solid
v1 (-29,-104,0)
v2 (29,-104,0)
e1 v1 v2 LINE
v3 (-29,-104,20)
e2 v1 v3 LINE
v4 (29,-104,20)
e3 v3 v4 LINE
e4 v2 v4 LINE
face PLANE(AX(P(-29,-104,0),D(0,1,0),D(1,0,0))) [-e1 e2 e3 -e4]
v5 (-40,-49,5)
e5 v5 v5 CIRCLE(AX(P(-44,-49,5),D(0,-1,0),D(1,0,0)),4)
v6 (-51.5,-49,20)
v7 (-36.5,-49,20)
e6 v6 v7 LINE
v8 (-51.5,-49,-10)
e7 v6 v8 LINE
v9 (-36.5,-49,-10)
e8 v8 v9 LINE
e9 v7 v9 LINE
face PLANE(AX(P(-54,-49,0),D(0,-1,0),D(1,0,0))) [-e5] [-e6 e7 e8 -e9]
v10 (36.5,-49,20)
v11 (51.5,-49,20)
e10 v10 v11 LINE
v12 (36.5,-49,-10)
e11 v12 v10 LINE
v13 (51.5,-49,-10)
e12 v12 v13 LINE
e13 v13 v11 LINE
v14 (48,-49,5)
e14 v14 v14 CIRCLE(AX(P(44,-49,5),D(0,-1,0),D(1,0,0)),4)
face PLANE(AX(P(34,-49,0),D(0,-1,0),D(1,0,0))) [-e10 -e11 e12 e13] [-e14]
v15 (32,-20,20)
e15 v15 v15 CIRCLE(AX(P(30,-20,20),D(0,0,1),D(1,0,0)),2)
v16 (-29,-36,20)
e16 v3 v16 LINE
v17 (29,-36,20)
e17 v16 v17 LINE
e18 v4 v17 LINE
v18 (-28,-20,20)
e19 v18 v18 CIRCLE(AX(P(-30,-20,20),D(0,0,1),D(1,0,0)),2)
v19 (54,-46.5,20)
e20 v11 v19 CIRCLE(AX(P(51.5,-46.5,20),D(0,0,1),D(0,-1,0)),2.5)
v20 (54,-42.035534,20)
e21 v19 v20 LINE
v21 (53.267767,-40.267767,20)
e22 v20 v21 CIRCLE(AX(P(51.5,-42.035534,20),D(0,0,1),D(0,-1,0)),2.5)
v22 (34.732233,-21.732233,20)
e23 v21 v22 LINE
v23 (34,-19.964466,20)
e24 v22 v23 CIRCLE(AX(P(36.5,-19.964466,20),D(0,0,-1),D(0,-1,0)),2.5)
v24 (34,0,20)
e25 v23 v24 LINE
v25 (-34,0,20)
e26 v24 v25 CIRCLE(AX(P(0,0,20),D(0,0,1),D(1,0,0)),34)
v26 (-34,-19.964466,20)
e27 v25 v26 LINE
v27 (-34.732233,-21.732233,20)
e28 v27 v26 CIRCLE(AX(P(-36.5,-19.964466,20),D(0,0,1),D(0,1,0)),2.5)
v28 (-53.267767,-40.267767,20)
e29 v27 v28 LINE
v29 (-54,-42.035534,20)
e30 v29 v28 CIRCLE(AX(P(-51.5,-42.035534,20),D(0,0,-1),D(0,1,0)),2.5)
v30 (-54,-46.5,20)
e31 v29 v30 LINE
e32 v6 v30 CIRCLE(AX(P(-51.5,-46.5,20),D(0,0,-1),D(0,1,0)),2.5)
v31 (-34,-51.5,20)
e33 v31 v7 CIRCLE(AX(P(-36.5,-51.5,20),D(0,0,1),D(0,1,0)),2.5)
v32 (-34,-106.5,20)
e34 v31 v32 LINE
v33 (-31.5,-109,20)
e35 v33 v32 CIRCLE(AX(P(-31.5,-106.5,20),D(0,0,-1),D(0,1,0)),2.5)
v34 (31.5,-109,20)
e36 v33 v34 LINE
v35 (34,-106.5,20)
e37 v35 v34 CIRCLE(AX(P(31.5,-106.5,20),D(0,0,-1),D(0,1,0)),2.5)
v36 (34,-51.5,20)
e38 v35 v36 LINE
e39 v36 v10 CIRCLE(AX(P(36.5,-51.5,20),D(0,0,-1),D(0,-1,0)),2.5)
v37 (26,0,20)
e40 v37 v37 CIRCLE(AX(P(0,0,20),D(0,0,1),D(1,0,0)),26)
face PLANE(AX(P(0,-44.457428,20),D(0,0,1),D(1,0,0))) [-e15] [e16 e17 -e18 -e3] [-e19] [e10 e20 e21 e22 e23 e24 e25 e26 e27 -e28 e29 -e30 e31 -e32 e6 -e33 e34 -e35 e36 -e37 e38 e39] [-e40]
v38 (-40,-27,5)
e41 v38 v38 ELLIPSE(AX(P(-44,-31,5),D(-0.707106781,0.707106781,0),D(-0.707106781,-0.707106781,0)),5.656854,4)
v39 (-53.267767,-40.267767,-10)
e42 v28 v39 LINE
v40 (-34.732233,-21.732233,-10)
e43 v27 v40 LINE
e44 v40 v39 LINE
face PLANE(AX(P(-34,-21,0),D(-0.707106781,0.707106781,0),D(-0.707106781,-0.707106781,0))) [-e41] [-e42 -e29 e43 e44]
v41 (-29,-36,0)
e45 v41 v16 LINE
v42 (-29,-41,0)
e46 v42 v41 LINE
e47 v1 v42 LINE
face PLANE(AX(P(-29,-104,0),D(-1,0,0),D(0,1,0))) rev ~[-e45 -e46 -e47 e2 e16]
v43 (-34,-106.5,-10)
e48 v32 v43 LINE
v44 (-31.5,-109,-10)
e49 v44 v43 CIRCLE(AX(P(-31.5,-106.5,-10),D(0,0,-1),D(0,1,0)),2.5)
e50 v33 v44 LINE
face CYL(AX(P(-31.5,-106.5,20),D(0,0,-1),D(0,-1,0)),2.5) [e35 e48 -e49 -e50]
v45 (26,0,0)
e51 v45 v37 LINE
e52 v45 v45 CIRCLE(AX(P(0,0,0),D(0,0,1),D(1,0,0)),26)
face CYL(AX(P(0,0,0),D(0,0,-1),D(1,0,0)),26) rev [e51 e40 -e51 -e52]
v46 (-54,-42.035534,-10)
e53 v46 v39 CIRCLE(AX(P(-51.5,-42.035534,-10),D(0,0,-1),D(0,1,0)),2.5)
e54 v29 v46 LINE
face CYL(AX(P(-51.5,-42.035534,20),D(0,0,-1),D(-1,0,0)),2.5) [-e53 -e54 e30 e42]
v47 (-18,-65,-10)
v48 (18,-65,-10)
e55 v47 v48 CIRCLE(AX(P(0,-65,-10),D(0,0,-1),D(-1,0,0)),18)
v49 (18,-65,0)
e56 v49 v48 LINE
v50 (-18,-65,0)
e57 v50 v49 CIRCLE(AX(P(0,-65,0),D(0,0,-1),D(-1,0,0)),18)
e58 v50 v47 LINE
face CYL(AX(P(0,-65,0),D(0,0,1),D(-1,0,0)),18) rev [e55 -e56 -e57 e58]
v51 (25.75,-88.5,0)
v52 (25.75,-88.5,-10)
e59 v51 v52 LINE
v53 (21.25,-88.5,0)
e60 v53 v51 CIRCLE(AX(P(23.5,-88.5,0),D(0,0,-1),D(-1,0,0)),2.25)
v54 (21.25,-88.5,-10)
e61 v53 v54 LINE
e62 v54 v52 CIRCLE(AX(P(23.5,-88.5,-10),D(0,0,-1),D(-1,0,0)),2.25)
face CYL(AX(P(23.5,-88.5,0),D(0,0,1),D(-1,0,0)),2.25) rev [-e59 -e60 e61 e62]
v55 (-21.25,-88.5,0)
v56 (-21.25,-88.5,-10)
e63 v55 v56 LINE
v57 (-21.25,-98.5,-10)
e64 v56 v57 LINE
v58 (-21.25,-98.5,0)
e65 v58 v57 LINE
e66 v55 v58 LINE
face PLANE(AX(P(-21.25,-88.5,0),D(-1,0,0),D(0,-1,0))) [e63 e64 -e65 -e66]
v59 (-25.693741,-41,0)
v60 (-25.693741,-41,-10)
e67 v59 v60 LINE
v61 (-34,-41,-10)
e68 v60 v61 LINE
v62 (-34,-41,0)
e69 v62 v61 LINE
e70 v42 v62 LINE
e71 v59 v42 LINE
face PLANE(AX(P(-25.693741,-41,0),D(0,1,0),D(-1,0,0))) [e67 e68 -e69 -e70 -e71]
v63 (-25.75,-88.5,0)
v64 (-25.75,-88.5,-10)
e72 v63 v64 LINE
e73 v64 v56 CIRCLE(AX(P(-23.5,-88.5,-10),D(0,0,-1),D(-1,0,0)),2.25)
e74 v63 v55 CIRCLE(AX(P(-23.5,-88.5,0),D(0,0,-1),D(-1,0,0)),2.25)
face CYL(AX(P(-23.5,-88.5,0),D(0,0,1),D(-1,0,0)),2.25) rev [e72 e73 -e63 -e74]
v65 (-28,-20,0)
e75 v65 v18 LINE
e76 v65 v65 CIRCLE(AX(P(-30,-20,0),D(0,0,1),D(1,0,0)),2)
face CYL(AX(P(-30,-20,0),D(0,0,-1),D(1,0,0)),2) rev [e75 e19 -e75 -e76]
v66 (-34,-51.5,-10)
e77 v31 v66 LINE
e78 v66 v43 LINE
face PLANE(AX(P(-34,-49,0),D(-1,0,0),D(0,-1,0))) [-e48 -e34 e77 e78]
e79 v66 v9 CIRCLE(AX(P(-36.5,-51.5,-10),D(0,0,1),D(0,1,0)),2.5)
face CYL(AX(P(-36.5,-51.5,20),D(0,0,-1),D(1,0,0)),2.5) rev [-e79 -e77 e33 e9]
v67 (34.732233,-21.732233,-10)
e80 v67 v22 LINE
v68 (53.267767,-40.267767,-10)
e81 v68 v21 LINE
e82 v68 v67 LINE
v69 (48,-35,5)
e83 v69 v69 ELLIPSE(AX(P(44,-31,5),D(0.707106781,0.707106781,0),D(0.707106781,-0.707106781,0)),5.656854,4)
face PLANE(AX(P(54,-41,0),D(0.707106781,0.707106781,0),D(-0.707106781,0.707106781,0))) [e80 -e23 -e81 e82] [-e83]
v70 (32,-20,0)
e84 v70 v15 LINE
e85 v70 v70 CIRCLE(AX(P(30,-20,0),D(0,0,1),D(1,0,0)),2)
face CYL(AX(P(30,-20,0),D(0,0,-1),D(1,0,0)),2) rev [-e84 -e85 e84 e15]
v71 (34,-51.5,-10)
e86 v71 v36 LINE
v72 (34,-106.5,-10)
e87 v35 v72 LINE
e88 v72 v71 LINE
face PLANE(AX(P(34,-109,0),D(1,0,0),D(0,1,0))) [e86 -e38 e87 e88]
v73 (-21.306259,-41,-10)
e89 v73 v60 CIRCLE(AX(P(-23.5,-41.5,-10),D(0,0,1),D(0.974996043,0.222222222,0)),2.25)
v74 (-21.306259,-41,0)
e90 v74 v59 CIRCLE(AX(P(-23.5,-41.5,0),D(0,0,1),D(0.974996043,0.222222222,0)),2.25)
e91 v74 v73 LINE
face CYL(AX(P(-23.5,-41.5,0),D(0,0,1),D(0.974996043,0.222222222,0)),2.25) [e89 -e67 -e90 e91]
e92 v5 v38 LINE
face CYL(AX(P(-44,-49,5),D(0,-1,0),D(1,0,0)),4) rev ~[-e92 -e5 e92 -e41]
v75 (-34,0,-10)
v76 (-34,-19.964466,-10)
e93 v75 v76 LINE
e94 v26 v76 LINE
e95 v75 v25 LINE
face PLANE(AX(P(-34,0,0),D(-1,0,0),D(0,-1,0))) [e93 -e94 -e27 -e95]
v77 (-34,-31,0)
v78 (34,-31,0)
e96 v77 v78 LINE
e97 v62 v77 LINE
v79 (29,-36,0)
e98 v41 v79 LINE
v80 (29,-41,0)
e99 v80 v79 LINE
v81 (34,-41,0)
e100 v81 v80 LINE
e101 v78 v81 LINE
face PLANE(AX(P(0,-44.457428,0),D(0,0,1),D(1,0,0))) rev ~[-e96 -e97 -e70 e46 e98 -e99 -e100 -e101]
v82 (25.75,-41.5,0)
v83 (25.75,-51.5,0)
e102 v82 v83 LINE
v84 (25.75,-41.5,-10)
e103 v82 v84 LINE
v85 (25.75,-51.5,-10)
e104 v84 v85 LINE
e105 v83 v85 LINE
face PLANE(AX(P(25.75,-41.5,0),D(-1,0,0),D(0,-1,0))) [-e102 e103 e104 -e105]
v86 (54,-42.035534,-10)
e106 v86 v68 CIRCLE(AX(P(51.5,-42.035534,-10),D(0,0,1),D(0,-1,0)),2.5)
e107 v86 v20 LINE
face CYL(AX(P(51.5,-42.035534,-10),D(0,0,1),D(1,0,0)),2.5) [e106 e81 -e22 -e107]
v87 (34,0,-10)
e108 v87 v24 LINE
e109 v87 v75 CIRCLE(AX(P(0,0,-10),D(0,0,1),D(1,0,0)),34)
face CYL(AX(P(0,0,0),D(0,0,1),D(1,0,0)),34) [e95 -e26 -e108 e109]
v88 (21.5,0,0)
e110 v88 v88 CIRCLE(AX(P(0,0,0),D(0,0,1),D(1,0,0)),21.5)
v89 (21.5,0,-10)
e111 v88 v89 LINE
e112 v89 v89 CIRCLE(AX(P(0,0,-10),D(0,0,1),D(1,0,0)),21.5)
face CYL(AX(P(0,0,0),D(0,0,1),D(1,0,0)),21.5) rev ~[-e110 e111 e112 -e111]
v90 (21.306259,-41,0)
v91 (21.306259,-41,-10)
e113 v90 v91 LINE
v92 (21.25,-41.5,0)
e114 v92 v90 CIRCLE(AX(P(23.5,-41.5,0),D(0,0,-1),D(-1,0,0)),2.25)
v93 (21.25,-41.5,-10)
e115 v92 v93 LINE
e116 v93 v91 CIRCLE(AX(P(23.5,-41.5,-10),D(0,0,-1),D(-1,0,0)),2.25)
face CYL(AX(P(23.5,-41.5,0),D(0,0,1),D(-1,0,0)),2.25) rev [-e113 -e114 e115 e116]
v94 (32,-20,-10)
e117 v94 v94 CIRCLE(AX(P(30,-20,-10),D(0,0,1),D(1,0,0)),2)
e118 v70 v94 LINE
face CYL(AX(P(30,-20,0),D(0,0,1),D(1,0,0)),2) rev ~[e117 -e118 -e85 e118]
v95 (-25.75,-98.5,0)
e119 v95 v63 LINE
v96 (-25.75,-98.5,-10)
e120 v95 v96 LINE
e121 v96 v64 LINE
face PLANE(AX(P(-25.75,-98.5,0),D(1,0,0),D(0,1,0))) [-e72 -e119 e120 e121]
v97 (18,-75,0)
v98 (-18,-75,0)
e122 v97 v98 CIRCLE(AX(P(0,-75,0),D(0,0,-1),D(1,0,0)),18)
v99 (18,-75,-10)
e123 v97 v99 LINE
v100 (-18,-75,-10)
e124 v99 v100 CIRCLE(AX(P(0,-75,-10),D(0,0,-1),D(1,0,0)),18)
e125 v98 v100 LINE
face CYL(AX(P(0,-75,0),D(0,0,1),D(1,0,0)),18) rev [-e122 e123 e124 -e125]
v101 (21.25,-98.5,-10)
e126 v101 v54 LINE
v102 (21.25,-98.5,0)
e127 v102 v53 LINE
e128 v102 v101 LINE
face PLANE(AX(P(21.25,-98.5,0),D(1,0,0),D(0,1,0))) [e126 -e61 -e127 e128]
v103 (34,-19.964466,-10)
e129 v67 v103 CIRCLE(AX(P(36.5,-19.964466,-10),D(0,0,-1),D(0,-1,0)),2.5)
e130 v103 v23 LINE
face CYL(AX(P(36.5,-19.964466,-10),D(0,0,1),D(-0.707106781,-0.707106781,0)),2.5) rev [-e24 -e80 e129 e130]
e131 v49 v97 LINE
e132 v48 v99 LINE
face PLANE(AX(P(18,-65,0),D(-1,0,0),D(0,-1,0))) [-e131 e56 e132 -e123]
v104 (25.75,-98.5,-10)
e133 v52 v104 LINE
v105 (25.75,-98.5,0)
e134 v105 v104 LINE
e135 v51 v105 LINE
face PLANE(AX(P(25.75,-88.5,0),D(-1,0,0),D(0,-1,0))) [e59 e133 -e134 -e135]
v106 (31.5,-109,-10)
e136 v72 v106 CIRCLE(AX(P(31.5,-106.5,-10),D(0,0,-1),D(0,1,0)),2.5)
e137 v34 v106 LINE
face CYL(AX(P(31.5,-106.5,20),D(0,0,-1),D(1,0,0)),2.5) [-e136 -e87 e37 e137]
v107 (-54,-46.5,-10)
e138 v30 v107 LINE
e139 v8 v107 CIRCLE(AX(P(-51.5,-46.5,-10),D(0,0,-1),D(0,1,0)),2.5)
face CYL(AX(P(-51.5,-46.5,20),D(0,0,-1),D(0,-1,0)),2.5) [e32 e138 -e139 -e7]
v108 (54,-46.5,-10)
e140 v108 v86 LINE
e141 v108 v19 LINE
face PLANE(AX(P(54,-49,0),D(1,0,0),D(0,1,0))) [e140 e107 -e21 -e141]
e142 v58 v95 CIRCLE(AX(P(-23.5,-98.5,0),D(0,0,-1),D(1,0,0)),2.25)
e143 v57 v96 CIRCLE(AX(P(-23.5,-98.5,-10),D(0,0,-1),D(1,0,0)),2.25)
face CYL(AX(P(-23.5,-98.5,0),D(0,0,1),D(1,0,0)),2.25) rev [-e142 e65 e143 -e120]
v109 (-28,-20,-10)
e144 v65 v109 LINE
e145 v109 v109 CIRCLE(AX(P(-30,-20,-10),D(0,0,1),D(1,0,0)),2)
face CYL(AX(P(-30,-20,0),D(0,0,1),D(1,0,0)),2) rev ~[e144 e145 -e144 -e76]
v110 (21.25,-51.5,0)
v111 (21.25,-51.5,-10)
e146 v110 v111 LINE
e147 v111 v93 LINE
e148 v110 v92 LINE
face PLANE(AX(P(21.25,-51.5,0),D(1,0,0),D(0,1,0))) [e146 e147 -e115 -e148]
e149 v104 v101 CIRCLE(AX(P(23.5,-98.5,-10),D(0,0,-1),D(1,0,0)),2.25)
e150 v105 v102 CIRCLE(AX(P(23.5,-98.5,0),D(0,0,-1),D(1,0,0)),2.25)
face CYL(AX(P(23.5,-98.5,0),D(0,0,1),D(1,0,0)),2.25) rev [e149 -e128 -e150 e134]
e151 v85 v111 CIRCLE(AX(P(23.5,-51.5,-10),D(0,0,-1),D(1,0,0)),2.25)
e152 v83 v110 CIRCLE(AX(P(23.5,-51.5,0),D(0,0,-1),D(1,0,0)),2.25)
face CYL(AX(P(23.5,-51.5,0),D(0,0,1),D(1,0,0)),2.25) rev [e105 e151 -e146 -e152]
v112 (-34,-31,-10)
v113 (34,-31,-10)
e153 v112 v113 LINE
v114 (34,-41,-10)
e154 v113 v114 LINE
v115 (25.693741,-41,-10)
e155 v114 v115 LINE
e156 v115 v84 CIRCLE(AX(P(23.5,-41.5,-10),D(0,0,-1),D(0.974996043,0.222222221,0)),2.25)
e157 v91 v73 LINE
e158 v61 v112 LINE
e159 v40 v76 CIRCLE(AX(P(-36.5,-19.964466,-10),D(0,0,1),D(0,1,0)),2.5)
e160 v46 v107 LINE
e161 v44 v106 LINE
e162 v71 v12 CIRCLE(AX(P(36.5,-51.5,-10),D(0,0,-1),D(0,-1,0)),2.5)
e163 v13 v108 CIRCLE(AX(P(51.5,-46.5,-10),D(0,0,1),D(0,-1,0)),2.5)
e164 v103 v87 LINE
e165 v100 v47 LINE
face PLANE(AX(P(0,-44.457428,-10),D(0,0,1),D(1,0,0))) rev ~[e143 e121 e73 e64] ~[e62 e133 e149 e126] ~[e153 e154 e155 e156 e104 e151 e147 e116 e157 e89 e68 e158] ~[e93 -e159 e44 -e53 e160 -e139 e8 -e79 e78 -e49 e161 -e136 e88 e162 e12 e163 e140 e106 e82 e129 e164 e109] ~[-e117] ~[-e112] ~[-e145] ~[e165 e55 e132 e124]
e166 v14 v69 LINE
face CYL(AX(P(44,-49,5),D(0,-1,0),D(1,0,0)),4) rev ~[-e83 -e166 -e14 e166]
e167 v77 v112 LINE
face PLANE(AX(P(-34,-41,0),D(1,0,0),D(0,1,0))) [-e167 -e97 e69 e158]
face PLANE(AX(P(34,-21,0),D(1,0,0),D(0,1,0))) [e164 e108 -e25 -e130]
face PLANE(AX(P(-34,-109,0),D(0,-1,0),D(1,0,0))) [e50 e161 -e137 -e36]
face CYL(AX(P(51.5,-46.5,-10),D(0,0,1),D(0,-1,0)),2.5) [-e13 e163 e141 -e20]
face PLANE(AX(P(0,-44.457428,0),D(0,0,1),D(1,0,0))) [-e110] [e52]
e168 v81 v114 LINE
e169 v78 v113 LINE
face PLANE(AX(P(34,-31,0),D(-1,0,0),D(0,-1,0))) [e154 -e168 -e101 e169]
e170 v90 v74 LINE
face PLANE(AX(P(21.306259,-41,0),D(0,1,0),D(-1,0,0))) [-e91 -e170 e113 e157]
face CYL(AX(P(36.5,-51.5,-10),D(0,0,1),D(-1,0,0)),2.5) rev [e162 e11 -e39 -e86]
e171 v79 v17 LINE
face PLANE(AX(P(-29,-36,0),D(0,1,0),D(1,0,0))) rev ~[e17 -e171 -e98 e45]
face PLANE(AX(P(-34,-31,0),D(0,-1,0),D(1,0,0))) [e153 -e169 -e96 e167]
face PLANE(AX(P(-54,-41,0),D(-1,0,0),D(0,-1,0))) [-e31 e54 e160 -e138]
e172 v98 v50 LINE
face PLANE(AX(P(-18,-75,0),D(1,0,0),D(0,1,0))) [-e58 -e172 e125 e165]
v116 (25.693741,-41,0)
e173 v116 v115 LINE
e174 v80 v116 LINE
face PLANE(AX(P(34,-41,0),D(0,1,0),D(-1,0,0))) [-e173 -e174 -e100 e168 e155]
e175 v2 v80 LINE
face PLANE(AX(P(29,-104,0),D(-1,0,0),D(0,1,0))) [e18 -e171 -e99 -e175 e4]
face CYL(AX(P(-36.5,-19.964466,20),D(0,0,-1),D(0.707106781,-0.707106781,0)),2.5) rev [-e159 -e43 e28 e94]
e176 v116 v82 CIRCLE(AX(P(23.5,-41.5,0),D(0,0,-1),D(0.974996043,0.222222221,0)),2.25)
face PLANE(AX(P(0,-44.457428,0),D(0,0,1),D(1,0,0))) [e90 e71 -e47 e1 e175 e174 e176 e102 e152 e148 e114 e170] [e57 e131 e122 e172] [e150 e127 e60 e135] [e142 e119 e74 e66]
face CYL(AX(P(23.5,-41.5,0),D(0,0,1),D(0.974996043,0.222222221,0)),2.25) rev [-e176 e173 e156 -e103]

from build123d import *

# Parameters (mm, degrees)
ESQUISSE1_R             = 2
ESQUISSE1_W             = 58
ESQUISSE1_H             = 68
ESQUISSE1_R_2           = 26
BOSS_EXTRU_1_DEPTH      = 20
ESQUISSE1_4_R           = 2
ESQUISSE1_4_R_2         = 21.5
BOSS_EXTRU_2_DEPTH      = 10
ESQUISSE2_R             = 4
ENL_V_MAT_EXTRU_2_DEPTH = 84
CONG_1_R                = 2.5


with BuildPart() as part:
    # Esquisse1 → Boss.-Extru.1 (new body)
    with BuildSketch(Plane.XY):
        with BuildLine():
            Line((34, -109), (34, -49))
            Line((34, -49), (54, -49))
            Line((54, -49), (54, -41))
            Line((54, -41), (34, -21))
            Line((34, -21), (34, 0))
            ThreePointArc((34, 0), (0, 34), (-34, 0))
            Line((-34, 0), (-34, -21))
            Line((-34, -21), (-54, -41))
            Line((-54, -41), (-54, -49))
            Line((-54, -49), (-34, -49))
            Line((-34, -49), (-34, -109))
            Line((-34, -109), (34, -109))
        make_face()
        with Locations((-30, -20)):
            Circle(ESQUISSE1_R, mode=Mode.SUBTRACT)
        with Locations((0, -70)):
            Rectangle(ESQUISSE1_W, ESQUISSE1_H, mode=Mode.SUBTRACT)
        Circle(ESQUISSE1_R_2, mode=Mode.SUBTRACT)
        with Locations((30, -20)):
            Circle(ESQUISSE1_R, mode=Mode.SUBTRACT)
    extrude(amount=BOSS_EXTRU_1_DEPTH)

    # Esquisse1<4> → Boss.-Extru.2 (add)
    with BuildSketch(Plane.XY):
        with BuildLine():
            Line((34, -109), (34, -49))
            Line((34, -49), (54, -49))
            Line((54, -49), (54, -41))
            Line((54, -41), (34, -21))
            Line((34, -21), (34, 0))
            ThreePointArc((34, 0), (0, 34), (-34, 0))
            Line((-34, 0), (-34, -21))
            Line((-34, -21), (-54, -41))
            Line((-54, -41), (-54, -49))
            Line((-54, -49), (-34, -49))
            Line((-34, -49), (-34, -109))
            Line((-34, -109), (34, -109))
        make_face()
        with Locations((-30, -20)):
            Circle(ESQUISSE1_4_R, mode=Mode.SUBTRACT)
        with BuildLine():
            Line((34, -31), (34, -41))
            Line((34, -41), (25.693741097, -41))
            ThreePointArc((25.693741097, -41), (25.735891038, -41.248422445), (25.75, -41.5))
            Line((25.75, -41.5), (25.75, -51.5))
            ThreePointArc((25.75, -51.5), (23.5, -53.75), (21.25, -51.5))
            Line((21.25, -51.5), (21.25, -41.5))
            ThreePointArc((21.25, -41.5), (21.264108962, -41.248422445), (21.306258903, -41))
            Line((21.306258903, -41), (-21.306258903, -41))
            ThreePointArc((-21.306258903, -41), (-23.5, -39.25), (-25.693741097, -41))
            Line((-25.693741097, -41), (-34, -41))
            Line((-34, -41), (-34, -31))
            Line((-34, -31), (34, -31))
        make_face(mode=Mode.SUBTRACT)
        with BuildLine():
            ThreePointArc((18, -75), (0, -93), (-18, -75))
            Line((-18, -75), (-18, -65))
            ThreePointArc((-18, -65), (0, -47), (18, -65))
            Line((18, -65), (18, -75))
        make_face(mode=Mode.SUBTRACT)
        with BuildLine():
            Line((25.75, -88.5), (25.75, -98.5))
            ThreePointArc((25.75, -98.5), (23.5, -100.75), (21.25, -98.5))
            Line((21.25, -98.5), (21.25, -88.5))
            ThreePointArc((21.25, -88.5), (23.5, -86.25), (25.75, -88.5))
        make_face(mode=Mode.SUBTRACT)
        with BuildLine():
            ThreePointArc((-21.25, -98.5), (-23.5, -100.75), (-25.75, -98.5))
            Line((-25.75, -98.5), (-25.75, -88.5))
            ThreePointArc((-25.75, -88.5), (-23.5, -86.25), (-21.25, -88.5))
            Line((-21.25, -88.5), (-21.25, -98.5))
        make_face(mode=Mode.SUBTRACT)
        Circle(ESQUISSE1_4_R_2, mode=Mode.SUBTRACT)
        with Locations((30, -20)):
            Circle(ESQUISSE1_4_R, mode=Mode.SUBTRACT)
    extrude(amount=-BOSS_EXTRU_2_DEPTH)

    # Esquisse2 → Enlèv. mat.-Extru.2 (cut, through all)
    with BuildSketch(Plane.XZ.offset(49)):
        with Locations((44, 5)):
            Circle(ESQUISSE2_R)
        with Locations((-44, 5)):
            Circle(ESQUISSE2_R)
    extrude(amount=-ENL_V_MAT_EXTRU_2_DEPTH, mode=Mode.SUBTRACT)

    # Congé1
    cong_1_edges = [part.edges().sort_by_distance(p)[0] for p in [
        (34, -21, 5),
        (54, -41, 5),
        (54, -49, 5),
        (34, -49, 5),
        (34, -109, 5),
        (-34, -109, 5),
        (-34, -49, 5),
        (-54, -49, 5),
        (-54, -41, 5),
        (-34, -21, 5),
    ]]
    fillet(cong_1_edges, radius=CONG_1_R)


solid = part.part
